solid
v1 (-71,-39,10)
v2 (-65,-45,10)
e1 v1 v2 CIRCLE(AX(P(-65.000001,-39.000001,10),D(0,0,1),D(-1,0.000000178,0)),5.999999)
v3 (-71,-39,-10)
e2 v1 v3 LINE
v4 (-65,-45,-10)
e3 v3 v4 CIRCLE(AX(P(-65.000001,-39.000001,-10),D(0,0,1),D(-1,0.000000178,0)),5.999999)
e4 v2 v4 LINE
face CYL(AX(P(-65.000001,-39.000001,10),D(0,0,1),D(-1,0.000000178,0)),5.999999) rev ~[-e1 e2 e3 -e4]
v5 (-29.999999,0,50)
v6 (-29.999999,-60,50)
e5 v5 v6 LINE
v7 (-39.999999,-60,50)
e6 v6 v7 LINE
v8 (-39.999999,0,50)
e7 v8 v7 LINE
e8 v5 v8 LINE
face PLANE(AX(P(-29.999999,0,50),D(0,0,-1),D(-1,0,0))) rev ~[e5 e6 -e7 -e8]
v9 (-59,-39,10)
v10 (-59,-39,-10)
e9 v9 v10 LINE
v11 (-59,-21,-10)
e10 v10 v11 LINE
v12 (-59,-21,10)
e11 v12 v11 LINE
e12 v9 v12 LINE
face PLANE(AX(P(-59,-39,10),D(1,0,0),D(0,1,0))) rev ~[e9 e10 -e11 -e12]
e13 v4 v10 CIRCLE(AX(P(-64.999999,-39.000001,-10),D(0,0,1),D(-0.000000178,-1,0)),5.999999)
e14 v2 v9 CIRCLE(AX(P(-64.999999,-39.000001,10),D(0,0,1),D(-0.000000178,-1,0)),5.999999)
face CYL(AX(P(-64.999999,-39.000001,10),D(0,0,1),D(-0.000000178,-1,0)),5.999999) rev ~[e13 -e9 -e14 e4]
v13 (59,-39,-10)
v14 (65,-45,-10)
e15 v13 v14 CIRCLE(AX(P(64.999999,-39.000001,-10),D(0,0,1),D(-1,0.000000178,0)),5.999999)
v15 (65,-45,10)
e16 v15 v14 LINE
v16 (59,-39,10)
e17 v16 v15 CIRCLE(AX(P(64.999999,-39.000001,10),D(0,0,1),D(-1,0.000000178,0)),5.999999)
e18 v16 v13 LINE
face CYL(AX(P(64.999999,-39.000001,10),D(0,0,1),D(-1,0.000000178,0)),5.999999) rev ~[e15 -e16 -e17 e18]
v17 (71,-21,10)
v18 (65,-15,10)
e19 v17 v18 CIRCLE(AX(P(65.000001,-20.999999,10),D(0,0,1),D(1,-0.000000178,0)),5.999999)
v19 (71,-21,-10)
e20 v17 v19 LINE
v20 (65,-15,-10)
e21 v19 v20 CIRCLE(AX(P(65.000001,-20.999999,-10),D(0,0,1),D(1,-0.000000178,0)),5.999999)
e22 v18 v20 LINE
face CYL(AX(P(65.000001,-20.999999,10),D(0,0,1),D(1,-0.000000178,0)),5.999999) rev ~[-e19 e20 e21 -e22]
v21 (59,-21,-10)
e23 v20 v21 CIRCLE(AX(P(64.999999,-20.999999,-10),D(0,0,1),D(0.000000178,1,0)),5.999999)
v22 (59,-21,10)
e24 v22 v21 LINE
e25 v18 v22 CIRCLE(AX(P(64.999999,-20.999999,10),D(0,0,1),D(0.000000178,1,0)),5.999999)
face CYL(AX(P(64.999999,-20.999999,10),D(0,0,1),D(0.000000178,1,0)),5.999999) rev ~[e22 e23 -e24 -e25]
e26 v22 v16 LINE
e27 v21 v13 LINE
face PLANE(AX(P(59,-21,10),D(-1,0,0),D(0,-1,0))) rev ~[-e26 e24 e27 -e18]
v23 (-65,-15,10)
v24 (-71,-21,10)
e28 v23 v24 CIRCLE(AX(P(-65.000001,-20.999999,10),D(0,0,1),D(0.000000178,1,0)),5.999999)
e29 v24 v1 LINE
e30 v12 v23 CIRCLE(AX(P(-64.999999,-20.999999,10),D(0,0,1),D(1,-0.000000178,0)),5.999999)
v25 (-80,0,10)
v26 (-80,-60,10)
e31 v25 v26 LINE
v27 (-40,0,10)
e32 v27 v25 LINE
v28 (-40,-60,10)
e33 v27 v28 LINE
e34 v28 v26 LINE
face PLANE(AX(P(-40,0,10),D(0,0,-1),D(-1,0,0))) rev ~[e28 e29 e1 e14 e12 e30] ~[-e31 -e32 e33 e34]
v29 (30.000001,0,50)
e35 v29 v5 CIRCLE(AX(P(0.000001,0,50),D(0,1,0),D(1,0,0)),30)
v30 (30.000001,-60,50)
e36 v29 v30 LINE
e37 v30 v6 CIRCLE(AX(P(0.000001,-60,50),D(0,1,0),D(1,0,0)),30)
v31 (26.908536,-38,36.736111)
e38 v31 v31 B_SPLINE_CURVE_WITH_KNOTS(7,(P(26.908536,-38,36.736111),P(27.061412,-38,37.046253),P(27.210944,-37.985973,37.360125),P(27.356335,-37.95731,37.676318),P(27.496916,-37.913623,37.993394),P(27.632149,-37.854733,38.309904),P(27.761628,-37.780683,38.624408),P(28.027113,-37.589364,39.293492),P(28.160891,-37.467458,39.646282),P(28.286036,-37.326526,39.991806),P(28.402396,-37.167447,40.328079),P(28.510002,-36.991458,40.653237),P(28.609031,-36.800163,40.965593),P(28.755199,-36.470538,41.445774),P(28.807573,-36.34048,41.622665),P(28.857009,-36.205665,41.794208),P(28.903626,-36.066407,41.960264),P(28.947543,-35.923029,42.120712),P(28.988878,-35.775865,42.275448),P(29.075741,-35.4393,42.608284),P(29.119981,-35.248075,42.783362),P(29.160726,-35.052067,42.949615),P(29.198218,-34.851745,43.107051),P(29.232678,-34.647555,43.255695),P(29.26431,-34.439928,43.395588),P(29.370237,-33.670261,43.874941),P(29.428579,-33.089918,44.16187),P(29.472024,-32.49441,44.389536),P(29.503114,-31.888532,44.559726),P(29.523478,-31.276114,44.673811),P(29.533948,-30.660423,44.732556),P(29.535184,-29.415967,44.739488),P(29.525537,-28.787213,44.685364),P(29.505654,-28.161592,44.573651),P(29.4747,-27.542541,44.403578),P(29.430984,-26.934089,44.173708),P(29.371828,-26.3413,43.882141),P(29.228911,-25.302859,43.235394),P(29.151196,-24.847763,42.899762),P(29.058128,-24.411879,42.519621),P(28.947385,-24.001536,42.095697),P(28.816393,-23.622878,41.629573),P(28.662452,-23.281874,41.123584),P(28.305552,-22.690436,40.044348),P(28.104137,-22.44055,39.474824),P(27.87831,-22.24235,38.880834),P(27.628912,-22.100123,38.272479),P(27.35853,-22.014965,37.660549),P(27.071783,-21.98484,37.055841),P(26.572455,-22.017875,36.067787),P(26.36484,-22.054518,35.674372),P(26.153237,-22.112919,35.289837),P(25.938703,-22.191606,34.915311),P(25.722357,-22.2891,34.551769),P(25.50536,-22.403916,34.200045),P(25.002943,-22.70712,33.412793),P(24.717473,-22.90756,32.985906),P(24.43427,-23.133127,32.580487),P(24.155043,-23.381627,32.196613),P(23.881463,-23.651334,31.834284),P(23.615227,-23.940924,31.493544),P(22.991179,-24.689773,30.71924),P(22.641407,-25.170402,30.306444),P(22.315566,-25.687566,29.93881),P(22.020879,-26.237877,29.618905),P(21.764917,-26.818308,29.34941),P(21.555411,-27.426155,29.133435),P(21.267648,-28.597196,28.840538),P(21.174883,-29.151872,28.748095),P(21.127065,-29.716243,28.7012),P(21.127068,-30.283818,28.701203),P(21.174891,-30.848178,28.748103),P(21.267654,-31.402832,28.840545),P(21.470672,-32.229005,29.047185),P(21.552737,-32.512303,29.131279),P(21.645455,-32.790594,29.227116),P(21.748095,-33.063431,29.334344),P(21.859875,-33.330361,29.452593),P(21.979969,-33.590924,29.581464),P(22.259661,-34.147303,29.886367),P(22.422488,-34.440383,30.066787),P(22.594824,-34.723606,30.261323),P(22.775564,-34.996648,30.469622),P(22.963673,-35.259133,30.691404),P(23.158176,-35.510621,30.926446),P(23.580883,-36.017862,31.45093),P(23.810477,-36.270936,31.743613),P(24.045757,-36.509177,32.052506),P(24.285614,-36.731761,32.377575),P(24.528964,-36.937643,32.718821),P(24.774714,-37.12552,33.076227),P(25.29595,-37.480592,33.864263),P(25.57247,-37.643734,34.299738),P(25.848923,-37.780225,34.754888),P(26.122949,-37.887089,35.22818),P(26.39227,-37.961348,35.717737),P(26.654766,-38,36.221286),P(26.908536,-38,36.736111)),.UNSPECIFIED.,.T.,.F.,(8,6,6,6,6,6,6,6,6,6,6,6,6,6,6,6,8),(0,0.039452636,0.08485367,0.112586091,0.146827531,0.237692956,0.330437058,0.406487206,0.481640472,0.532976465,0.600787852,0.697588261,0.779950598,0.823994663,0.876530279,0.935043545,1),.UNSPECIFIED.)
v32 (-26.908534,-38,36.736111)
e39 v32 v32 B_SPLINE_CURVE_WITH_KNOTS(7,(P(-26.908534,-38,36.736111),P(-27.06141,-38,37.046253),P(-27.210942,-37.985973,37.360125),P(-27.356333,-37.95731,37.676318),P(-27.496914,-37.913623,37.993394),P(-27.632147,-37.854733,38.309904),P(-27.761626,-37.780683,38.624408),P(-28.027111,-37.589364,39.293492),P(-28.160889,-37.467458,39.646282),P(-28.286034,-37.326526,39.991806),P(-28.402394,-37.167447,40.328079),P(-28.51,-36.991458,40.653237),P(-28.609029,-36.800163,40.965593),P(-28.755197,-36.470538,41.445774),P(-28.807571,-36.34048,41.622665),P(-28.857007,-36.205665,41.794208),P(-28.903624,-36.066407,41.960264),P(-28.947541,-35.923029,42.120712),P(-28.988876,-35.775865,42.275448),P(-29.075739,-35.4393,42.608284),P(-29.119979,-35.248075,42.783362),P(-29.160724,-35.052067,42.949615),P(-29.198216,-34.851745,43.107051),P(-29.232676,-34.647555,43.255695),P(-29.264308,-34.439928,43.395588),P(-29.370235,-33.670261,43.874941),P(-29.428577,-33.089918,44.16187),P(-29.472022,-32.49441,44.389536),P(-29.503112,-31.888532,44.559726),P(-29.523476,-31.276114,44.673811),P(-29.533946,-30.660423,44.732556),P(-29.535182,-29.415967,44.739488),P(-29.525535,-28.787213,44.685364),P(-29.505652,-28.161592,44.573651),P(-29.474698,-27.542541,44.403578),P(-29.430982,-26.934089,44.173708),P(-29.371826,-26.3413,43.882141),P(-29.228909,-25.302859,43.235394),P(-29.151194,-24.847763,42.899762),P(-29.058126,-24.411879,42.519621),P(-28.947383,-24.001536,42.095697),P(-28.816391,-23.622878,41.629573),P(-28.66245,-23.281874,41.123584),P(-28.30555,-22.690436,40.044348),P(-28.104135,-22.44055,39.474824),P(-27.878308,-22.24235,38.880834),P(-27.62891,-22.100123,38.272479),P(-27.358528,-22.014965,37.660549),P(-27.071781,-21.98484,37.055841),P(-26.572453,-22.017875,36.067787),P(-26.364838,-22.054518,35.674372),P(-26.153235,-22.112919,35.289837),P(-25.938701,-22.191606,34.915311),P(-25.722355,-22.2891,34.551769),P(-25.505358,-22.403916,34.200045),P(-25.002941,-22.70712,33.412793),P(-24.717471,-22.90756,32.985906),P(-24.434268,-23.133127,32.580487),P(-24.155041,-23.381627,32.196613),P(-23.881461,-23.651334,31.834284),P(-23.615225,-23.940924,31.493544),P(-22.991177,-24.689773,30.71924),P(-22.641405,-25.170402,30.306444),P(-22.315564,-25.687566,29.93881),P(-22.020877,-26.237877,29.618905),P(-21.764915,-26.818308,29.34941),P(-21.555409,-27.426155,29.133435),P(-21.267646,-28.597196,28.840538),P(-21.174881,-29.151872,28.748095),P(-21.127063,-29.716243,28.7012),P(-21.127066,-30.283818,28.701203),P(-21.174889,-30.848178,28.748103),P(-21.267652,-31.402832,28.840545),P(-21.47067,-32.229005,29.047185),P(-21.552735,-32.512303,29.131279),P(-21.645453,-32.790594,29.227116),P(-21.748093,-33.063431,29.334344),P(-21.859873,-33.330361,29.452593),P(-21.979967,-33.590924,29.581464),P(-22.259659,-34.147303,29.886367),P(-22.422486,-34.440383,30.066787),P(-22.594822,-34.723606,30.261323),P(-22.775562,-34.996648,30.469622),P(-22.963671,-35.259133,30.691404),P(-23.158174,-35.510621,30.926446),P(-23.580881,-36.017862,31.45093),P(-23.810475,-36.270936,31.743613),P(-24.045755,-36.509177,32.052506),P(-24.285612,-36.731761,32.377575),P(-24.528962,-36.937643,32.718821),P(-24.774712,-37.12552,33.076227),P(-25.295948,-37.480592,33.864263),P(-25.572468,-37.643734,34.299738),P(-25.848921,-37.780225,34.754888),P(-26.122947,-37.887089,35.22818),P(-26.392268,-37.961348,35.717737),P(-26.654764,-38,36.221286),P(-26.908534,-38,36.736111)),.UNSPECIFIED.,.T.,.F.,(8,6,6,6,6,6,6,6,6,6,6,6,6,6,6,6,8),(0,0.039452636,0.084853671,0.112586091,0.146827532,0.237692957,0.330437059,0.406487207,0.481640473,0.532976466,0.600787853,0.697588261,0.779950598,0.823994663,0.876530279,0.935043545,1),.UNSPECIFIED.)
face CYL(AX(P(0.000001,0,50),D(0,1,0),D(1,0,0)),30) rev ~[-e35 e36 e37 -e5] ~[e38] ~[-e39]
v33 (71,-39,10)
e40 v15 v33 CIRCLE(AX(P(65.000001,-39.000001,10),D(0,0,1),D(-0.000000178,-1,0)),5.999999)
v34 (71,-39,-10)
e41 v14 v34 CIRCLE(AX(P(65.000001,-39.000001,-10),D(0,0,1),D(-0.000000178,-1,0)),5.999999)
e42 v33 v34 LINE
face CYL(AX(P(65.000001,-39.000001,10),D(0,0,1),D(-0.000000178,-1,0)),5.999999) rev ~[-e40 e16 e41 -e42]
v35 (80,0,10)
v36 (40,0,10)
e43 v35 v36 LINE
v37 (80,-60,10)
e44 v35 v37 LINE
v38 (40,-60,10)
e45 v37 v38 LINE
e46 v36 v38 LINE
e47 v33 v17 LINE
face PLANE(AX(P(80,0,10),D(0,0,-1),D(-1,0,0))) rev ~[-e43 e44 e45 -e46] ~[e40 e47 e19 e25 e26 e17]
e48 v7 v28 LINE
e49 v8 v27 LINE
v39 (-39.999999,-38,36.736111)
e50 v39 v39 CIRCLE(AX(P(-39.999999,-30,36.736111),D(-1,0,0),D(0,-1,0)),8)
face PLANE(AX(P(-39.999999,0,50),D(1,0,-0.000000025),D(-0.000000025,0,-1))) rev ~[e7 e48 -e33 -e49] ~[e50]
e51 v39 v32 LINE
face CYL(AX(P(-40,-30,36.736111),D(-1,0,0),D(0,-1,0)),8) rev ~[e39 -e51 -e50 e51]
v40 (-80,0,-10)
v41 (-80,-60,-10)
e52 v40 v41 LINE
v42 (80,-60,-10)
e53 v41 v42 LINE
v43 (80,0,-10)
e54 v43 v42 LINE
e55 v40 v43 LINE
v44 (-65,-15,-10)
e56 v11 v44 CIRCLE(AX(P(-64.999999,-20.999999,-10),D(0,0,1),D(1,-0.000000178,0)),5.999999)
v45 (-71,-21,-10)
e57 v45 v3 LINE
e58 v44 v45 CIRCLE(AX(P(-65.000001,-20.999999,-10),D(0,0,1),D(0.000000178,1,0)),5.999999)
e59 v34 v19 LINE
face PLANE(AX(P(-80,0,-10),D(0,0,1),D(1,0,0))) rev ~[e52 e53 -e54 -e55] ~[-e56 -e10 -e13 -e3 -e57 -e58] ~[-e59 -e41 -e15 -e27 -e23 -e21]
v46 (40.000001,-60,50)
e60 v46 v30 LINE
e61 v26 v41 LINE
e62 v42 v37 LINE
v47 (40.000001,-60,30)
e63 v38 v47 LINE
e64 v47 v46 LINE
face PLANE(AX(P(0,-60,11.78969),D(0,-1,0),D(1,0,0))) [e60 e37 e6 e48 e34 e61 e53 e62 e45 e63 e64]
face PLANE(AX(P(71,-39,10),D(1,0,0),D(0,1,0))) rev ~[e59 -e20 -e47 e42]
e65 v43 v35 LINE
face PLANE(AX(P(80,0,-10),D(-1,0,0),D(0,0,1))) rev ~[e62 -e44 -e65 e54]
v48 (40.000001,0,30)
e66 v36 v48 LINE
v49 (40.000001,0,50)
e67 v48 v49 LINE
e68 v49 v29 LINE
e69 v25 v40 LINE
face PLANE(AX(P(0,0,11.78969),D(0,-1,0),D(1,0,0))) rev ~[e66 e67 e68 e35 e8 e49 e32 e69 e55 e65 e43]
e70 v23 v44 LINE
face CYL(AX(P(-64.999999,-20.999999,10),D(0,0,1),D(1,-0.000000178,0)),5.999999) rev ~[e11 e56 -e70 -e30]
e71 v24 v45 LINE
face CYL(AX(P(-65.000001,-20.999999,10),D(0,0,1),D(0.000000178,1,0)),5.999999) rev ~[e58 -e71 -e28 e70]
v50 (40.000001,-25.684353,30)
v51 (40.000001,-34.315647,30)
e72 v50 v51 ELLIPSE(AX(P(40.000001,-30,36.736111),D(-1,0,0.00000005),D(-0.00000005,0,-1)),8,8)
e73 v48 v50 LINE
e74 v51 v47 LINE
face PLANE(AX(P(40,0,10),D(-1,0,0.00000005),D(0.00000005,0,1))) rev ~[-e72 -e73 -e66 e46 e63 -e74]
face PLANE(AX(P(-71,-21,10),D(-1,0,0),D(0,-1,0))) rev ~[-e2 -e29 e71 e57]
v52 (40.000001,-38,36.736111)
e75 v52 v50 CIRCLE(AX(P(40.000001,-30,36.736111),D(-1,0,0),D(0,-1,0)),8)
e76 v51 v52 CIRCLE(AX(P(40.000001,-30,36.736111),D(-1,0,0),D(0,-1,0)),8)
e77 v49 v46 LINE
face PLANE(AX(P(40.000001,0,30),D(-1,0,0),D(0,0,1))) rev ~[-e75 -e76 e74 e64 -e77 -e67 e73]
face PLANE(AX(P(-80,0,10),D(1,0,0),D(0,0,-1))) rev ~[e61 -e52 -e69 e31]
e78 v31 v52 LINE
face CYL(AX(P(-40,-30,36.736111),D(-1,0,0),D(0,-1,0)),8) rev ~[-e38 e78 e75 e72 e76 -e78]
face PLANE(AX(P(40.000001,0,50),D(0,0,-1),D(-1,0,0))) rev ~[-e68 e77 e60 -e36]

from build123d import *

# Parameters (mm, degrees)
F1_DEPTH = 60
F2_R     = 8
F3_DEPTH = 120.001001
F6_DEPTH = 20.001


with BuildPart() as f1:
    # F0 (on Front) → F1 (new body)
    with BuildSketch(Plane.XZ):
        with BuildLine():
            Line((-80, 10), (-80, -10))
            Line((-80, -10), (80, -10))
            Line((80, -10), (80, 10))
            Line((80, 10), (40, 10))
            Line((40, 10), (40.000001, 30))
            Line((40.000001, 30), (40.000001, 50))
            Line((40.000001, 50), (30.000001, 50))
            ThreePointArc((30.000001, 50), (1e-06, 20), (-29.999999, 50))
            Line((-29.999999, 50), (-39.999999, 50))
            Line((-39.999999, 50), (-40, 10))
            Line((-40, 10), (-80, 10))
        make_face()
    extrude(amount=F1_DEPTH)

    # F2 (on face) → F3 (cut, through all)
    with BuildSketch(Plane(origin=(-40, 0, 1e-06), x_dir=(0, -1, 0), z_dir=(-1, 0, 0))):
        with Locations((30, 36.73611)):
            Circle(F2_R)
    extrude(amount=-F3_DEPTH, mode=Mode.SUBTRACT)

    # F4 (on face) + F5 (on face) → F6 (cut, through all)
    with BuildSketch(Plane.XY.offset(10)):
        with BuildLine():
            Line((-71, -21), (-71, -39))
            ThreePointArc((-71, -39), (-69.242641, -43.242641), (-65, -45))
            ThreePointArc((-65, -45), (-60.757359, -43.242641), (-59, -39))
            Line((-59, -39), (-59, -21))
            ThreePointArc((-59, -21), (-60.757359, -16.757359), (-65, -15))
            ThreePointArc((-65, -15), (-69.242641, -16.757359), (-71, -21))
        make_face()
    with BuildSketch(Plane.XY.offset(10)):
        with BuildLine():
            Line((59, -21), (59, -39))
            ThreePointArc((59, -39), (60.757359, -43.242641), (65, -45))
            ThreePointArc((65, -45), (69.242641, -43.242641), (71, -39))
            Line((71, -39), (71, -21))
            ThreePointArc((71, -21), (69.242641, -16.757359), (65, -15))
            ThreePointArc((65, -15), (60.757359, -16.757359), (59, -21))
        make_face()
    extrude(amount=-F6_DEPTH, mode=Mode.SUBTRACT)


solid = f1.part
